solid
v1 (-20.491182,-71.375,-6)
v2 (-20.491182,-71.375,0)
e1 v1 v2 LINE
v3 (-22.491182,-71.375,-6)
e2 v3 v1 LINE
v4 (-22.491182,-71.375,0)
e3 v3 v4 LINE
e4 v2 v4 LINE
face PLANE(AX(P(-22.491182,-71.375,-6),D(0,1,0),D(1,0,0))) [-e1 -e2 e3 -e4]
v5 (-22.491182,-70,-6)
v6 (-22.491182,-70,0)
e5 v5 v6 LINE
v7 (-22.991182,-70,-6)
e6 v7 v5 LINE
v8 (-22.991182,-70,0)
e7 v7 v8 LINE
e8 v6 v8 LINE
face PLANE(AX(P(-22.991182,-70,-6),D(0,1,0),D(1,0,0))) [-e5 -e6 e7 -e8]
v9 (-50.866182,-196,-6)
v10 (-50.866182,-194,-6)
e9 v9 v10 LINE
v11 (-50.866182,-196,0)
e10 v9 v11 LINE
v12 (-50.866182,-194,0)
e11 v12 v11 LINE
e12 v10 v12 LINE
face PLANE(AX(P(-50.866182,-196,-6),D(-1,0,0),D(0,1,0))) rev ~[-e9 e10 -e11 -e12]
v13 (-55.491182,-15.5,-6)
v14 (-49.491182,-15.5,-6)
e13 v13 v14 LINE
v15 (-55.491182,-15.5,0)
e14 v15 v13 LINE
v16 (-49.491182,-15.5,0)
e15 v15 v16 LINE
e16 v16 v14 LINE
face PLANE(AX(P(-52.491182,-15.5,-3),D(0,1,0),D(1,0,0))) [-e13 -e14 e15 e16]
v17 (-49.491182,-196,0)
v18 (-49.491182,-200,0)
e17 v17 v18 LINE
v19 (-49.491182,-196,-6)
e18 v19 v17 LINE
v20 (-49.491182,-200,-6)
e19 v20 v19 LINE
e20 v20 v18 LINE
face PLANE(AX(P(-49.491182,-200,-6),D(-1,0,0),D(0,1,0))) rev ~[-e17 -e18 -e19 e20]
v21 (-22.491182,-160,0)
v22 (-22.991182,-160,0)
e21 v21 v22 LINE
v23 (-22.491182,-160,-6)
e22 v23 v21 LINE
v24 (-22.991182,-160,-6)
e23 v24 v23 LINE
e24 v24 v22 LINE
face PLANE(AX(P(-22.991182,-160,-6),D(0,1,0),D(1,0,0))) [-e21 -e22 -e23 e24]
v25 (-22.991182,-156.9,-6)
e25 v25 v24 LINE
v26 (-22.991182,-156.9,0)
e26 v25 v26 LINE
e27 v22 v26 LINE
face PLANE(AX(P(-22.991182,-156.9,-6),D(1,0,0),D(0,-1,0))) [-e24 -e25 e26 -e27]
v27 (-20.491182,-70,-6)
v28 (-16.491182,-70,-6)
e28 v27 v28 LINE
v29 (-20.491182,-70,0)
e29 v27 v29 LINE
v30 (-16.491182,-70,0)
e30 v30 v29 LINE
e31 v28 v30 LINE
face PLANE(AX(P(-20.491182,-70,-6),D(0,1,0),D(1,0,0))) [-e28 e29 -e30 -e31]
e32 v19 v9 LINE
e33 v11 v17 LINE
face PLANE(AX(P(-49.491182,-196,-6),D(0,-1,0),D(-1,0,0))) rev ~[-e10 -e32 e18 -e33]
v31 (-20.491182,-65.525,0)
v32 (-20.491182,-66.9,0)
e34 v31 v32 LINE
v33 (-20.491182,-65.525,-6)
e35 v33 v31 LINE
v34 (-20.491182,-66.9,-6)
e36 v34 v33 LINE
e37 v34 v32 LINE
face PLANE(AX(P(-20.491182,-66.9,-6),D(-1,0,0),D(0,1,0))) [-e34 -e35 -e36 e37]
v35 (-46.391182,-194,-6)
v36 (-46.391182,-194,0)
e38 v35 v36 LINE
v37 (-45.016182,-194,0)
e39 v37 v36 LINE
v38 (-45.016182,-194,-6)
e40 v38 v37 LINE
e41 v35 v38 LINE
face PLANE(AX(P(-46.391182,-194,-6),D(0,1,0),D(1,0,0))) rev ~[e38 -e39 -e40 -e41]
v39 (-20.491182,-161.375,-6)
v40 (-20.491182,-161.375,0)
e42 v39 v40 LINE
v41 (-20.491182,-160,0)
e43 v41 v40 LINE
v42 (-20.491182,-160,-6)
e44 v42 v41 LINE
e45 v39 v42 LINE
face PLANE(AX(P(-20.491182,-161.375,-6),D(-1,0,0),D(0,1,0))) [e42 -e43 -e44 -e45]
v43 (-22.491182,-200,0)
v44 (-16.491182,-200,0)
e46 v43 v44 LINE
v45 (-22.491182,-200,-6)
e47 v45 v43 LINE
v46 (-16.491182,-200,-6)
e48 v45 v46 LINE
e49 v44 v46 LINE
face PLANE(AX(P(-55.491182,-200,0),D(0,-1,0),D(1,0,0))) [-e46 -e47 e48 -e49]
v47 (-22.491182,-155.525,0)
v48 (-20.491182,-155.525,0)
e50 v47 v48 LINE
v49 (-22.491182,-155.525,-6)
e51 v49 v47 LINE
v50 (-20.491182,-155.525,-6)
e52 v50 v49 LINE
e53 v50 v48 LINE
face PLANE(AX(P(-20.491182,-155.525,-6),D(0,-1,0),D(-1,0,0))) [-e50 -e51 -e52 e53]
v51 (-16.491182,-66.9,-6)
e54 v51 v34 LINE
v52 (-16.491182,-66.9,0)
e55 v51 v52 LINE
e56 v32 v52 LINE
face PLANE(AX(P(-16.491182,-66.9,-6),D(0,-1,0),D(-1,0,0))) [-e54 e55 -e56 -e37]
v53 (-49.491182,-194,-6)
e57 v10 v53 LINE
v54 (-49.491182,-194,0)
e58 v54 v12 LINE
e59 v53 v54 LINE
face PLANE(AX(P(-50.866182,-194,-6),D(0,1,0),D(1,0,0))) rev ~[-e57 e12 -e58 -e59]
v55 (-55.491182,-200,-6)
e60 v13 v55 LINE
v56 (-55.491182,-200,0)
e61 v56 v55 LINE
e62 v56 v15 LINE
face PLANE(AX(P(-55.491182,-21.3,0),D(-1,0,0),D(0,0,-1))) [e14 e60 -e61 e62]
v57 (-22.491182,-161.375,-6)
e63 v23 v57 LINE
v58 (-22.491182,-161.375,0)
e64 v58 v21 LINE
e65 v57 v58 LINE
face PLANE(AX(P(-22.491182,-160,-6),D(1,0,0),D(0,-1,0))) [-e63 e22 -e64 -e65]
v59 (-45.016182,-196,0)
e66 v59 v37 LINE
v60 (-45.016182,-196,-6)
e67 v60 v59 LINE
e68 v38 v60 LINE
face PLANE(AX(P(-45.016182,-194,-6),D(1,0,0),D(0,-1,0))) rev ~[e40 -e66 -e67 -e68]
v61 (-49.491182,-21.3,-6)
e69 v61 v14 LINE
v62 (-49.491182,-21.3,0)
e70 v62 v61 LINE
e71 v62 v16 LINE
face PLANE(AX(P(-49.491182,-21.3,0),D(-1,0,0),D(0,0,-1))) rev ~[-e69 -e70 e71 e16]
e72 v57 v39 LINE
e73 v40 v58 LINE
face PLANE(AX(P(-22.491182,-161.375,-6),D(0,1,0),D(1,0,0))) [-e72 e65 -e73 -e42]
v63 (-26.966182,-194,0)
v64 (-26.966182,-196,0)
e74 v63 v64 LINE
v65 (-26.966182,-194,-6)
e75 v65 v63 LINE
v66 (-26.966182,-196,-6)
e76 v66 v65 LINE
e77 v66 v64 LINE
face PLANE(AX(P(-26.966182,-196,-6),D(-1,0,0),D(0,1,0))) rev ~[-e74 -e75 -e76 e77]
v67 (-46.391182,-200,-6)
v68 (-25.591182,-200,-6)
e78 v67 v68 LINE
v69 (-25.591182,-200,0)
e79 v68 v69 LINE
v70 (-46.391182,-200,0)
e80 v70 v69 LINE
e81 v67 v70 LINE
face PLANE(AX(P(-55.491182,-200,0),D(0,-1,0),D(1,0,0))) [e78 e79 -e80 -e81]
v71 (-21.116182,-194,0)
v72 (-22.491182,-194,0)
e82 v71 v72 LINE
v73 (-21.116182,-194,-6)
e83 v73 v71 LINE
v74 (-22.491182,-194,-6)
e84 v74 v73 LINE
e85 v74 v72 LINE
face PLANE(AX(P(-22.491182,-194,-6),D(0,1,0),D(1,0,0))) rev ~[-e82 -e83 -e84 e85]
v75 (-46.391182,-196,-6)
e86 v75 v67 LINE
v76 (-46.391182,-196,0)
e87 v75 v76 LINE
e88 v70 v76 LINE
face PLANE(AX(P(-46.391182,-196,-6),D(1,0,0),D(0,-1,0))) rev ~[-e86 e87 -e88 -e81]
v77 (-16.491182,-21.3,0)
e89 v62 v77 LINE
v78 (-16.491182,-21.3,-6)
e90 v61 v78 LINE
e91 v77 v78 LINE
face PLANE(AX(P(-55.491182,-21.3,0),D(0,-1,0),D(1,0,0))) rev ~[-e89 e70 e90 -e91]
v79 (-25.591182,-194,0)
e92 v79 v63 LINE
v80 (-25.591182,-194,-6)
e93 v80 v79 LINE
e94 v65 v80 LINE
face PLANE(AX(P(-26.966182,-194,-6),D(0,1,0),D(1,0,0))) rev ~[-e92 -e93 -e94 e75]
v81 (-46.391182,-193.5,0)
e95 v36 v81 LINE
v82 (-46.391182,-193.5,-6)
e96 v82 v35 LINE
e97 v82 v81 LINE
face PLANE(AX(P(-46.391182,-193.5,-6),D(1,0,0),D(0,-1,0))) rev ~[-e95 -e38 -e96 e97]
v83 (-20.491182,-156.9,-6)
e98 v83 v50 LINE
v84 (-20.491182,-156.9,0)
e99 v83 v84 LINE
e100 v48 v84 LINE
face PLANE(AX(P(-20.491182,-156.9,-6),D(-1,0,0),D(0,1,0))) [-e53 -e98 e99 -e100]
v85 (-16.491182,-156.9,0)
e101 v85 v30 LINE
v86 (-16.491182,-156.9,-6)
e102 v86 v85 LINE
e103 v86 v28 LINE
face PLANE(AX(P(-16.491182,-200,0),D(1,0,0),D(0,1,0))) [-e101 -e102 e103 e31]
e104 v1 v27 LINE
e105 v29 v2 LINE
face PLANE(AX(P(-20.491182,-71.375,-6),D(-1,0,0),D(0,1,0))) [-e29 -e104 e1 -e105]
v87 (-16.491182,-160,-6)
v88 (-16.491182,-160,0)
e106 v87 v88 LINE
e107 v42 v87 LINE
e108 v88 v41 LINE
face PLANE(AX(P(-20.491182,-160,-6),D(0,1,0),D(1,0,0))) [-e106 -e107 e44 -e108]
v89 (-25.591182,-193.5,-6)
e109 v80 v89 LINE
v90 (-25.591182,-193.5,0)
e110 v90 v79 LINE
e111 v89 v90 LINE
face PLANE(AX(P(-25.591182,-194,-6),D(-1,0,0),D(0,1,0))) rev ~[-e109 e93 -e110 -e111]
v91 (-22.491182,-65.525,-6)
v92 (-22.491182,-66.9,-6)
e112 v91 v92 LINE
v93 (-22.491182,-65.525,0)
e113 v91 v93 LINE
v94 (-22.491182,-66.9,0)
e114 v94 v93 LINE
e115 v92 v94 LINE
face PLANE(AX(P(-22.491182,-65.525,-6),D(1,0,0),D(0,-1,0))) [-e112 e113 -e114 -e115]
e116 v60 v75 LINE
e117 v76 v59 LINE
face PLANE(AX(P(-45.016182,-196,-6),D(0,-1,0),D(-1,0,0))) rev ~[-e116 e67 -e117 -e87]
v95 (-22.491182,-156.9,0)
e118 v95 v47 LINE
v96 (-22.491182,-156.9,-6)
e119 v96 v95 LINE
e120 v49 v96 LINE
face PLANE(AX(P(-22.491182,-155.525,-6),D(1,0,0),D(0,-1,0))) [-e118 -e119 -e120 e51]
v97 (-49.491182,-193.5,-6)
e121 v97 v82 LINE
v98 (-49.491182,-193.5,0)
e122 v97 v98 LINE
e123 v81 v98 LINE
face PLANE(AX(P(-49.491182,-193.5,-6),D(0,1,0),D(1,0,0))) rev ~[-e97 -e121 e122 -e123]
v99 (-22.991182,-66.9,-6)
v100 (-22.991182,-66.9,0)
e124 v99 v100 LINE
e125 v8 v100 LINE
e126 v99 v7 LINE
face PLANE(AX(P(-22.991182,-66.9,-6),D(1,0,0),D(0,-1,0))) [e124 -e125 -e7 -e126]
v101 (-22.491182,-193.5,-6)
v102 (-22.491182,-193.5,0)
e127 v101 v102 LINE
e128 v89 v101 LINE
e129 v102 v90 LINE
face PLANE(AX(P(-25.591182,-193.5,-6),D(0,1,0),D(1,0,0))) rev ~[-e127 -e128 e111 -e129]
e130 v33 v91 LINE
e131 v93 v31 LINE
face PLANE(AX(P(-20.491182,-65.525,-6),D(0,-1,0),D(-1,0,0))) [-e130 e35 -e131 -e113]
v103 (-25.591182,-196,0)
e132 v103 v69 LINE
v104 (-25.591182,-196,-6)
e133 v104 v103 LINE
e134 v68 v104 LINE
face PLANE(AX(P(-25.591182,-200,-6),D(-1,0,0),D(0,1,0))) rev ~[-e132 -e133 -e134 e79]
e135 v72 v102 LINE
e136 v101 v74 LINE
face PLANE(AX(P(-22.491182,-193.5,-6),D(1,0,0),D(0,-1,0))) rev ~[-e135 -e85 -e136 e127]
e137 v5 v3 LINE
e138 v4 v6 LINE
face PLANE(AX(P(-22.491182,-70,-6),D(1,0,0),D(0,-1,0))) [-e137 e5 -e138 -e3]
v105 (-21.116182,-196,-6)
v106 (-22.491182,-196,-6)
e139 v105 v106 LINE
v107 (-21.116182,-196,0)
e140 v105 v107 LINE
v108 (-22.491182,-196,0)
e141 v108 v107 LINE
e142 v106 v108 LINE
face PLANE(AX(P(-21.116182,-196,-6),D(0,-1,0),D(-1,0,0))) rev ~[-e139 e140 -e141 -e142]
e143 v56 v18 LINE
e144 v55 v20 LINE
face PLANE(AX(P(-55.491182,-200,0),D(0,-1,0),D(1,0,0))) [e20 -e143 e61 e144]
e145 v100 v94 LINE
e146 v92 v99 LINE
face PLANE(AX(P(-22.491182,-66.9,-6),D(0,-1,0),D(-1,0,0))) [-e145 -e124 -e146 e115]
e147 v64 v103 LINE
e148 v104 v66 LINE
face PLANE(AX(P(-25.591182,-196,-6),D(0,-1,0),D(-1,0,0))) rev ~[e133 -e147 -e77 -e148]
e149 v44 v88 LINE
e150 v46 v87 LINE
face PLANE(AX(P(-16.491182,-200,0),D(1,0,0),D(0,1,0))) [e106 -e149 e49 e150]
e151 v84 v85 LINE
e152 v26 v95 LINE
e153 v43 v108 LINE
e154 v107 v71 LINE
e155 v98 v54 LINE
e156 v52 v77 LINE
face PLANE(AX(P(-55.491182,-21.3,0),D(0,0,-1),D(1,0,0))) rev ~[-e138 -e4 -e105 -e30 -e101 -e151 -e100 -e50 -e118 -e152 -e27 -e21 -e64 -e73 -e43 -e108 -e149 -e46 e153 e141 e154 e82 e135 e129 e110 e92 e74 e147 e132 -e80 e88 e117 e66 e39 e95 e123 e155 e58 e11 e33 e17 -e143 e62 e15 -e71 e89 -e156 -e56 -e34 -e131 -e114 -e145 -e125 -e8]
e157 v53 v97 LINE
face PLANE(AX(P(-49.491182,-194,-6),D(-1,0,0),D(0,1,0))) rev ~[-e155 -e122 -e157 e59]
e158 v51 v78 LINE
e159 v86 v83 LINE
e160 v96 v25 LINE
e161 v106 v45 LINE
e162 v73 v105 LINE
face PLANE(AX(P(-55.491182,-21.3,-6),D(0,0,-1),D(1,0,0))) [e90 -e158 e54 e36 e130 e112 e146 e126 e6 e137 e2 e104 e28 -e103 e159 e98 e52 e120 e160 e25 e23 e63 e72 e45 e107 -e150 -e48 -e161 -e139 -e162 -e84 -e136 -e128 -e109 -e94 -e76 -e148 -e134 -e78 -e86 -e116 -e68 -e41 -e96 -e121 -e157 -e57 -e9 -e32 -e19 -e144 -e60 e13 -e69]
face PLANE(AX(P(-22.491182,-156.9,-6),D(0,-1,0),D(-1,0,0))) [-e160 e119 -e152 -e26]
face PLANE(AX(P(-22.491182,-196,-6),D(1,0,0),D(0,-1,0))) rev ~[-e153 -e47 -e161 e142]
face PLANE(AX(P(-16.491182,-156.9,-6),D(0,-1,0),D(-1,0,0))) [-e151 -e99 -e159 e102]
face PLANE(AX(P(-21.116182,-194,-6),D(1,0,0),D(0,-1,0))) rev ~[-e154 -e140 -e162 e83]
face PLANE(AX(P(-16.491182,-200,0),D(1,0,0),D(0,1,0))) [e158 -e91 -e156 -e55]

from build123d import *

# Parameters (mm, degrees)
SZKIC1_W                    = 39
SZKIC1_H                    = 178.7
DODANIE_WYCI_GNI_CIE1_DEPTH = 6
WYTNIJ_WYCI_GNI_CIE1_DEPTH  = 208.642171135
WYTNIJ_WYCI_GNI_CIE2_DEPTH  = 208.642171135
SZYK_LINIOWY1_COUNT         = 2
SZYK_LINIOWY1_PITCH         = 90
SZYK_LINIOWY2_COUNT         = 2
SZYK_LINIOWY2_PITCH         = 23.9
SZKIC4_W                    = 6
SZKIC4_H                    = 6
DODANIE_WYCI_GNI_CIE2_DEPTH = 5.8


with BuildPart() as part:
    # Szkic1 → Dodanie-wyciągnięcie1 (new body)
    with BuildSketch(Plane.XY):
        with Locations((-35.991181586, -110.65)):
            Rectangle(SZKIC1_W, SZKIC1_H)
    extrude(amount=-DODANIE_WYCI_GNI_CIE1_DEPTH)

    # Szkic2 → Wytnij-wyciągnięcie1 (cut, through all)
    with BuildSketch(Plane(origin=(0, 0, -6), x_dir=(-1, 0, 0), z_dir=(0, 0, -1))):
        Polygon((16.491181586, -160), (16.491181586, -156.9), (20.491181586, -156.9), (20.491181586, -155.525), (22.491181586, -155.525), (22.491181586, -156.9), (22.991181586, -156.9), (22.991181586, -160), (22.491181586, -160), (22.491181586, -161.375), (20.491181586, -161.375), (20.491181586, -160), align=None)
    wytnij_wyci_gni_cie1 = extrude(amount=-WYTNIJ_WYCI_GNI_CIE1_DEPTH, mode=Mode.SUBTRACT)

    # Szkic3 → Wytnij-wyciągnięcie2 (cut, through all)
    with BuildSketch(Plane(origin=(0, 0, -6), x_dir=(-1, 0, 0), z_dir=(0, 0, -1))):
        Polygon((49.491181586, -200), (49.491181586, -196), (50.866181586, -196), (50.866181586, -194), (49.491181586, -194), (49.491181586, -193.5), (46.391181586, -193.5), (46.391181586, -194), (45.016181586, -194), (45.016181586, -196), (46.391181586, -196), (46.391181586, -200), align=None)
    wytnij_wyci_gni_cie2 = extrude(amount=-WYTNIJ_WYCI_GNI_CIE2_DEPTH, mode=Mode.SUBTRACT)

    # Szyk liniowy1: Wytnij-wyciągnięcie1 ×2
    with Locations(*[(0, i * SZYK_LINIOWY1_PITCH, 0) for i in range(1, SZYK_LINIOWY1_COUNT)]):
        add(wytnij_wyci_gni_cie1, mode=Mode.SUBTRACT)

    # Szyk liniowy2: Wytnij-wyciągnięcie2 ×2
    with Locations(*[(i * SZYK_LINIOWY2_PITCH, 0, 0) for i in range(1, SZYK_LINIOWY2_COUNT)]):
        add(wytnij_wyci_gni_cie2, mode=Mode.SUBTRACT)

    # Szkic4 → Dodanie-wyciągnięcie2 (add)
    with BuildSketch(Plane(origin=(0, -21.3, 0), x_dir=(1, 0, 0), z_dir=(0, 1, 0))):
        with Locations((-52.491181586, 3)):
            Rectangle(SZKIC4_W, SZKIC4_H)
    extrude(amount=DODANIE_WYCI_GNI_CIE2_DEPTH)


solid = part.part
